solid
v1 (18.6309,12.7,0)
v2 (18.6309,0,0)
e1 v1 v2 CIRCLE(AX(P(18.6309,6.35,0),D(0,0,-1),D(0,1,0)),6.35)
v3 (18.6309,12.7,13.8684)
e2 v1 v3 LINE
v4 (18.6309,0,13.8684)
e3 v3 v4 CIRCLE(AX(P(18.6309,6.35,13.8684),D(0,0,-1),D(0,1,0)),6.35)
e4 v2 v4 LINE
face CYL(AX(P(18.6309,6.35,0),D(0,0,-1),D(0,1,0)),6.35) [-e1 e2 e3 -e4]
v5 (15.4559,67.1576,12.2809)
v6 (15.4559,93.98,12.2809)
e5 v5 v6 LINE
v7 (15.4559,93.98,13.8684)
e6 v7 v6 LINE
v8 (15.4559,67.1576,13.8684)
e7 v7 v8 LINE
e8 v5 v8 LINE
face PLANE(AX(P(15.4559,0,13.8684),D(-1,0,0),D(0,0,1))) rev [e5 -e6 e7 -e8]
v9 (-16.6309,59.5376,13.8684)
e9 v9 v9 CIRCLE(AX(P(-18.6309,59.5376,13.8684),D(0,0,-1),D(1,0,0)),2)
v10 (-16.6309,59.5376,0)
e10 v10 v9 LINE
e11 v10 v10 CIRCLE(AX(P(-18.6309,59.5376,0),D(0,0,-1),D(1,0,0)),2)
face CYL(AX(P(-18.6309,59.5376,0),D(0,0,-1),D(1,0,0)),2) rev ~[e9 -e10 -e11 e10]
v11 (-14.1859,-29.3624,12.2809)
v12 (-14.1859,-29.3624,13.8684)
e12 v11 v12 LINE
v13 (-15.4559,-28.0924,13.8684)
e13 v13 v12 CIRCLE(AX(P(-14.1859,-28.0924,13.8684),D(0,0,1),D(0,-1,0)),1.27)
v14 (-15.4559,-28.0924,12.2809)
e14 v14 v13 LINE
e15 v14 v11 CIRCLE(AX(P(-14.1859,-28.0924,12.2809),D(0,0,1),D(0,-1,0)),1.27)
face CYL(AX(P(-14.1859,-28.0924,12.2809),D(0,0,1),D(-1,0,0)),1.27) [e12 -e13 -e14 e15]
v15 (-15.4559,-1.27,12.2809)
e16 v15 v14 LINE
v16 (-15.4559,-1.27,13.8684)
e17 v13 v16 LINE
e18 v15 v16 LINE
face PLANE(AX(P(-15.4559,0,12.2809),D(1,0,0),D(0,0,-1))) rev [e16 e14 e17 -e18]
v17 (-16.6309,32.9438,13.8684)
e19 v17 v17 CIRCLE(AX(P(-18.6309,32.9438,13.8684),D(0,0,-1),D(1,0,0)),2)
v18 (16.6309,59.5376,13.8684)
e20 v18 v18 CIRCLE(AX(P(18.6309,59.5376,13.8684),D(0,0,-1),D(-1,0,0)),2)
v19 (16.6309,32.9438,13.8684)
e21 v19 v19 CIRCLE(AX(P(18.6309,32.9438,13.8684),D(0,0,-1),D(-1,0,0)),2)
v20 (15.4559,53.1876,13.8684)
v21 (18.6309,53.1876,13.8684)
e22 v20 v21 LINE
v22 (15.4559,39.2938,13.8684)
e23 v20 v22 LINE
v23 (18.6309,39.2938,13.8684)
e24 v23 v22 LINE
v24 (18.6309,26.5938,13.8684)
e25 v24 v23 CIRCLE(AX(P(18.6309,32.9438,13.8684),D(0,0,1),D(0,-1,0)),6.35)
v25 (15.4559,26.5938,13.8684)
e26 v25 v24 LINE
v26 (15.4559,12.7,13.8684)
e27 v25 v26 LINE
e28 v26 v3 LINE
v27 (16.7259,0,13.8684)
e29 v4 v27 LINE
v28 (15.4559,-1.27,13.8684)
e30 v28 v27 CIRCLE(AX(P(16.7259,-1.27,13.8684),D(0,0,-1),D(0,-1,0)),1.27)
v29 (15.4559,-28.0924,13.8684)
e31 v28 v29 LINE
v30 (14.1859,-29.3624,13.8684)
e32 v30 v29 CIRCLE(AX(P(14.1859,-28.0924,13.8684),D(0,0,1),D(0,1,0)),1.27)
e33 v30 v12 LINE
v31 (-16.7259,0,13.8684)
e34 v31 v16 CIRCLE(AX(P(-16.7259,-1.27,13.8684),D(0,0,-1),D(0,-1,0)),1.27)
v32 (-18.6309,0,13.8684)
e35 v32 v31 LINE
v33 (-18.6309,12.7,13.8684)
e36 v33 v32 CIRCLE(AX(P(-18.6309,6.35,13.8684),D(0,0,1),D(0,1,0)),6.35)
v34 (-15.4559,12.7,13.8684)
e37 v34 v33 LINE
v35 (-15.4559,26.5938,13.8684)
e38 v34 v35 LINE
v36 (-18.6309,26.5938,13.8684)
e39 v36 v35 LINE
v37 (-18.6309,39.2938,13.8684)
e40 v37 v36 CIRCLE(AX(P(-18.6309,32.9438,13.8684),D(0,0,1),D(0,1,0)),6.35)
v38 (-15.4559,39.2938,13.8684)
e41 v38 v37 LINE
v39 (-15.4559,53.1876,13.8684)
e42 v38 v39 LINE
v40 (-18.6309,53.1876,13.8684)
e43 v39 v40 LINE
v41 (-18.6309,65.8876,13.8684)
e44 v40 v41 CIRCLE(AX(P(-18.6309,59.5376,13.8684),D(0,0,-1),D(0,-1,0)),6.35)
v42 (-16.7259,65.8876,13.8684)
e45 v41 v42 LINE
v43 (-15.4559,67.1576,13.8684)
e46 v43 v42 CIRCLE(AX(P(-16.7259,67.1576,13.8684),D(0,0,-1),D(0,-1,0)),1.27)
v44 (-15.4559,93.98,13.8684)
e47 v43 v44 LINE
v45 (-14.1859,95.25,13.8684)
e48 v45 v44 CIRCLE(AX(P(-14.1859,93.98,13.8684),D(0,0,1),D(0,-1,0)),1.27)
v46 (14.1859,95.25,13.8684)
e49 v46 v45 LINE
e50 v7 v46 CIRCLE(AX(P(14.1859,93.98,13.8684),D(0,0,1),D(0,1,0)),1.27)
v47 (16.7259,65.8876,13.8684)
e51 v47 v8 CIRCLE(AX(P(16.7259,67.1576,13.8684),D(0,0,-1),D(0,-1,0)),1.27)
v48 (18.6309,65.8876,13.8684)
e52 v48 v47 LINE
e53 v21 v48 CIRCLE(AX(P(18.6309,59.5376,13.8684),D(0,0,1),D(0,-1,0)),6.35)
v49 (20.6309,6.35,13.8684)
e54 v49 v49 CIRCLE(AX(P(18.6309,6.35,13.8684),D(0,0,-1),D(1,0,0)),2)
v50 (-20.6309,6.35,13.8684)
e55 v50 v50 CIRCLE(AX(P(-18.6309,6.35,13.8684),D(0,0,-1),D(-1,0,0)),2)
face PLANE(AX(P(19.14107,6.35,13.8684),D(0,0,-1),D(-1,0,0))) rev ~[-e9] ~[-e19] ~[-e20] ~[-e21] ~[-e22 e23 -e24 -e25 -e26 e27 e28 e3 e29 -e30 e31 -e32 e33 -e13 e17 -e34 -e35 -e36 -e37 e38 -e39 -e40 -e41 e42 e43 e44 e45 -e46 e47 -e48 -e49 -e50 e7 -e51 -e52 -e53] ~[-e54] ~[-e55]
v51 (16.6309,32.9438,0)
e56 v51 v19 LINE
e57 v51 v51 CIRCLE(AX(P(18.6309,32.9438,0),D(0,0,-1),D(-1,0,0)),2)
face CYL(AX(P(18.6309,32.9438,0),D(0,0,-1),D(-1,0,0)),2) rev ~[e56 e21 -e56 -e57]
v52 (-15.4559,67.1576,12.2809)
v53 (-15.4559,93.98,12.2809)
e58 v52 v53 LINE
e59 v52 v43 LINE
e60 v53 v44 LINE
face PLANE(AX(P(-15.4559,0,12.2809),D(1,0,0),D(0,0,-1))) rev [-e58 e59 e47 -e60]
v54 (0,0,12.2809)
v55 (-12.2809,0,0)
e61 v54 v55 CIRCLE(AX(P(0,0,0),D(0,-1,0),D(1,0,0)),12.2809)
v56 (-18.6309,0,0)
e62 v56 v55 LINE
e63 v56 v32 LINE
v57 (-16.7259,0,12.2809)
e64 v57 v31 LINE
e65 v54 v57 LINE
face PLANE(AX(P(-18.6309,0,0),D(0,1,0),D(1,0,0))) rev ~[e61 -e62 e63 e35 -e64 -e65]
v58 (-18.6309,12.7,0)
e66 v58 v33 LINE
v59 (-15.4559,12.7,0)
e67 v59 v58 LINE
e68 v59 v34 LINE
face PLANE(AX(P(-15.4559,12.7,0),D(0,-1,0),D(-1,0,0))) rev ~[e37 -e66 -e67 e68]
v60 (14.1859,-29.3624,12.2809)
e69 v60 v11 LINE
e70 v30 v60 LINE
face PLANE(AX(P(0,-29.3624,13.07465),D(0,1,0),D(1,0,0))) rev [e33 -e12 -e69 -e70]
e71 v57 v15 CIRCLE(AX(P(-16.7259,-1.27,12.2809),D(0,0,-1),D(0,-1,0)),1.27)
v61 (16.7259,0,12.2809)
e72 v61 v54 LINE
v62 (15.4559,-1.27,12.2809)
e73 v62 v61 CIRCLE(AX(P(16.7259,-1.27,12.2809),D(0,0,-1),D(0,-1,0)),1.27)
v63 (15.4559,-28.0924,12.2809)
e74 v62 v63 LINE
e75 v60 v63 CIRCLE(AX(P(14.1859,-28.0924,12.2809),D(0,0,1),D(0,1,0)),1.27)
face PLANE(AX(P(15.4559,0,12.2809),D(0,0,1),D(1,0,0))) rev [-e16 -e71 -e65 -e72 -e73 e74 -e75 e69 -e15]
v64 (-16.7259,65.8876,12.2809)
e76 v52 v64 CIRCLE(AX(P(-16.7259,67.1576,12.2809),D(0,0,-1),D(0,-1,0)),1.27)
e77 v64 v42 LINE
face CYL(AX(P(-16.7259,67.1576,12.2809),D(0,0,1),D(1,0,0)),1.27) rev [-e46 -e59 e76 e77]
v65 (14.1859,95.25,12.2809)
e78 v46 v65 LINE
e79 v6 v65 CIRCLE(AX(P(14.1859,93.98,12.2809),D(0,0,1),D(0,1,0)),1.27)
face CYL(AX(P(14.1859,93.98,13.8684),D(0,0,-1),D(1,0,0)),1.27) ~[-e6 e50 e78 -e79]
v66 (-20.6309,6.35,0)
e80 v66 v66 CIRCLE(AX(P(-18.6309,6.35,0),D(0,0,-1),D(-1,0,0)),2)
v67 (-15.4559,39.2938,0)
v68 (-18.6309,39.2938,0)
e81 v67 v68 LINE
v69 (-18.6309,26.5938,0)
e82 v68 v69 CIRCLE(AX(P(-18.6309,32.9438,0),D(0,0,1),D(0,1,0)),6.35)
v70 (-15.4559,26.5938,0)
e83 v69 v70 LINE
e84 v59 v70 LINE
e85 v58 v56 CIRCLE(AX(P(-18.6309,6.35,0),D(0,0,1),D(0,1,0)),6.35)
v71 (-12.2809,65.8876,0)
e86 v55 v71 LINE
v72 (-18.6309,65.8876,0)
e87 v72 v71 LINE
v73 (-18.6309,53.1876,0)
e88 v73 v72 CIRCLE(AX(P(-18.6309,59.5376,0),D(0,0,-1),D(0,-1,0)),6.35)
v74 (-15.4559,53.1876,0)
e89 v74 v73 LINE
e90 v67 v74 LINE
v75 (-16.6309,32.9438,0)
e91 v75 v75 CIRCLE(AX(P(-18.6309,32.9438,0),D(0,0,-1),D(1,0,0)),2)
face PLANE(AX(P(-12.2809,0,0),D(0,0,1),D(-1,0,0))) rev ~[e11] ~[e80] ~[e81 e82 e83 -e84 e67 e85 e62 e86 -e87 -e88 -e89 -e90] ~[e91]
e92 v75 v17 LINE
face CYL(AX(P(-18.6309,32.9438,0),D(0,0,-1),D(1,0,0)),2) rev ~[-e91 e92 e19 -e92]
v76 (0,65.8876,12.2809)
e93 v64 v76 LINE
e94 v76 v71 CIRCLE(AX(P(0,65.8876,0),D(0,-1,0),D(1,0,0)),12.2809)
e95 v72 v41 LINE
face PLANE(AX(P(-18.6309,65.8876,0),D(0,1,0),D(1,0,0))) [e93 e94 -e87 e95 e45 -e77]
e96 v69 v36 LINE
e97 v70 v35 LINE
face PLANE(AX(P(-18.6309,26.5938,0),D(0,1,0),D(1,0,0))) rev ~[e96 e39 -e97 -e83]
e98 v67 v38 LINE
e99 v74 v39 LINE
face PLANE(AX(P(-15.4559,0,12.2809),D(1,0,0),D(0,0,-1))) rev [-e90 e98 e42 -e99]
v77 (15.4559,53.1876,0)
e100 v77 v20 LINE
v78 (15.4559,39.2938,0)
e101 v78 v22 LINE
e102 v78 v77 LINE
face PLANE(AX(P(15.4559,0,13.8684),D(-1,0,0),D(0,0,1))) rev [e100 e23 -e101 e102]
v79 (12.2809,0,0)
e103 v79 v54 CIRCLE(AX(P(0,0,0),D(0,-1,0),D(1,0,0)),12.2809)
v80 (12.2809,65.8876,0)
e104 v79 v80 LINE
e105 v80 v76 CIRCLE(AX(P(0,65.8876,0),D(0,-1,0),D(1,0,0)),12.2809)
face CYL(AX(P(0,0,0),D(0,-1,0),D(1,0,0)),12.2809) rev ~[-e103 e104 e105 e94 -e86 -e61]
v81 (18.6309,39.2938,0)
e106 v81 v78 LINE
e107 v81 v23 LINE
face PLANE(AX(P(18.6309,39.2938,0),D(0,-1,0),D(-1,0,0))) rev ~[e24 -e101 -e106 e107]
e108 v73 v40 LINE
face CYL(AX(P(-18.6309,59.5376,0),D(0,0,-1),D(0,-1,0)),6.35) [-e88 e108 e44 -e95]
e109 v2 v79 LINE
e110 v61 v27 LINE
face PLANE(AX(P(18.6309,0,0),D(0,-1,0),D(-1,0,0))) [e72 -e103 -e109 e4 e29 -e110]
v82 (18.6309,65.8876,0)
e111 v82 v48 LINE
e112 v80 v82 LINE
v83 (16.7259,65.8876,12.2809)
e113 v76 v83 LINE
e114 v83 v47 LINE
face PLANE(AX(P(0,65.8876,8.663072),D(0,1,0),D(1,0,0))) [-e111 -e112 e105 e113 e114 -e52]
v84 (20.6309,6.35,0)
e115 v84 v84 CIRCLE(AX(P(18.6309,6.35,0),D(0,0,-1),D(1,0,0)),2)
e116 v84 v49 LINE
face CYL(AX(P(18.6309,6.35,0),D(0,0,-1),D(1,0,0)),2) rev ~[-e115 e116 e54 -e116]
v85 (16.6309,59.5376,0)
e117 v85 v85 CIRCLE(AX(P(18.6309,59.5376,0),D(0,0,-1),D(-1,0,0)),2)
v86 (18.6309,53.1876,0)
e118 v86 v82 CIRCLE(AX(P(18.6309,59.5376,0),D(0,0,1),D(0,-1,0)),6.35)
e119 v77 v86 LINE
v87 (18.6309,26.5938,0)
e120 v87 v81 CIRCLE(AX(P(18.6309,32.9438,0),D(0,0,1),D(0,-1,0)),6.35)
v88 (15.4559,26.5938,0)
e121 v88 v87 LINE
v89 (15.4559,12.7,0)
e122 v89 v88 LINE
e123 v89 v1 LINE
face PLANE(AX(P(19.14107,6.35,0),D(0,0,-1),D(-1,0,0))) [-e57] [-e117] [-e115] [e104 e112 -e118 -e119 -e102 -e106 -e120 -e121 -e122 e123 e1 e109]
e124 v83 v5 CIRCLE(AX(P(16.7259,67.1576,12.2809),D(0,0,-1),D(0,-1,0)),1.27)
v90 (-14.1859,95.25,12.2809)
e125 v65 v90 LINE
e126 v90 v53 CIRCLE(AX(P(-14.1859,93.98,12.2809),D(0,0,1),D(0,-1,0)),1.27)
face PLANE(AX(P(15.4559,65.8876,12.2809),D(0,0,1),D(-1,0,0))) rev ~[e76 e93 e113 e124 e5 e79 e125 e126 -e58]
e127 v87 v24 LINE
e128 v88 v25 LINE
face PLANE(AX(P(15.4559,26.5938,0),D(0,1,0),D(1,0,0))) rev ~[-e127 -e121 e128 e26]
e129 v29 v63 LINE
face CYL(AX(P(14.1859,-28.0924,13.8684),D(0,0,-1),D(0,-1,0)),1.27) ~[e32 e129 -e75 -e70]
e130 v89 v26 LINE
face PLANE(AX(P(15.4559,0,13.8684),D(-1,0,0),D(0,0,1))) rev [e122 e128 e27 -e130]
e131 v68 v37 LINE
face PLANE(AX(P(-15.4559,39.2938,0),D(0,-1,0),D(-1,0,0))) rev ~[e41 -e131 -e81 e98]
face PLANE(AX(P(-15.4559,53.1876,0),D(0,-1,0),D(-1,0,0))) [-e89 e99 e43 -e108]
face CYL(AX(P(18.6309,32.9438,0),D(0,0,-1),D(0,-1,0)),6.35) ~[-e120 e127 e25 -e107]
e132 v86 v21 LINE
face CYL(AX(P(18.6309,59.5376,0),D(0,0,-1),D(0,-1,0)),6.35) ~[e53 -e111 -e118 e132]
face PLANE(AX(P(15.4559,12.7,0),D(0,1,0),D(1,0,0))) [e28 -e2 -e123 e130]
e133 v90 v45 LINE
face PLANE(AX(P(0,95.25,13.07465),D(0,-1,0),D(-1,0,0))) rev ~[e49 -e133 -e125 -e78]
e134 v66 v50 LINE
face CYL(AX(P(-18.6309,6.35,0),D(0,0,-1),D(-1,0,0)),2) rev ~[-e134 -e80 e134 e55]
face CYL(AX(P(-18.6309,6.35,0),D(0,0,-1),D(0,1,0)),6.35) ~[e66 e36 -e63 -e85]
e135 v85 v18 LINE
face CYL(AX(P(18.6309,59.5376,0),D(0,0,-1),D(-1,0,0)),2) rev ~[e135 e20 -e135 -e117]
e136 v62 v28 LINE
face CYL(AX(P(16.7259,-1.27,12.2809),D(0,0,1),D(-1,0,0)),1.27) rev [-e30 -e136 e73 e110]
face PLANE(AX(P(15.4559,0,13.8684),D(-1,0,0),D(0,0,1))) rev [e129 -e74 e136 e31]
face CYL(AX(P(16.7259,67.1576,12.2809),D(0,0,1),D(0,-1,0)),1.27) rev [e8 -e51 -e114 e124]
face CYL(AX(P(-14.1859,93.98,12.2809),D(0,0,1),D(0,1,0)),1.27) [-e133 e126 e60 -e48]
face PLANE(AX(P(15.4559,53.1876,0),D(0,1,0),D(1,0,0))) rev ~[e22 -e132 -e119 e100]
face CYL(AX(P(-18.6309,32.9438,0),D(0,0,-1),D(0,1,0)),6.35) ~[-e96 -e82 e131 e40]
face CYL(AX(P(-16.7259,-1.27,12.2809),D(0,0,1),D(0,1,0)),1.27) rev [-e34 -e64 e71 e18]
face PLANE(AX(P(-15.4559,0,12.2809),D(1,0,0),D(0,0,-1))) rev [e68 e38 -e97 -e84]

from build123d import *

# Parameters (mm, degrees)
BOSS_EXTRUDE1_DEPTH = 65.8876
BOSS_EXTRUDE2_DEPTH = 29.3624
SKETCH4_R           = 2
BOSS_EXTRUDE3_DEPTH = 13.8684
FILLET1_R           = 1.27


with BuildPart() as part:
    # Sketch1 → Boss-Extrude1 (new body)
    with BuildSketch(Plane(origin=(0, 0, 0), x_dir=(1, 0, 0), z_dir=(0, 1, 0))):
        with BuildLine():
            Line((-12.2809, 0), (-15.4559, 0))
            Line((-15.4559, 0), (-15.4559, -13.3604))
            Line((-15.4559, -13.3604), (-15.4559, -13.8684))
            Line((-15.4559, -13.8684), (0, -13.8684))
            Line((0, -13.8684), (15.4559, -13.8684))
            Line((15.4559, -13.8684), (15.4559, -13.3604))
            Line((15.4559, -13.3604), (15.4559, 0))
            Line((15.4559, 0), (12.2809, 0))
            ThreePointArc((12.2809, 0), (0, -12.2809), (-12.2809, 0))
        make_face()
    extrude(amount=BOSS_EXTRUDE1_DEPTH)

    # Sketch2 → Boss-Extrude2 (add)
    with BuildSketch(Plane(origin=(0, 65.8876, 0), x_dir=(1, 0, 0), z_dir=(0, 1, 0))):
        Polygon((-12.2809, -12.2809), (0, -12.2809), (12.2809, -12.2809), (15.4559, -12.2809), (15.4559, -13.3604), (15.4559, -13.8684), (-15.4559, -13.8684), (-15.4559, -13.3604), (-15.4559, -12.2809), align=None)
    boss_extrude2 = extrude(amount=BOSS_EXTRUDE2_DEPTH)

    # Mirror1: Boss-Extrude2 across plane
    add(boss_extrude2.mirror(Plane.ZX.offset(32.9438)))

    # Sketch4 → Boss-Extrude3 (add, through all)
    # profile 1 of 6: a face of its own
    with BuildSketch(Plane(origin=(0, 0, 0), x_dir=(-1, 0, 0), z_dir=(0, 0, -1))):
        with BuildLine():
            Line((-15.4559, 39.2938), (-15.4559, 26.5938))
            Line((-15.4559, 26.5938), (-18.6309, 26.5938))
            ThreePointArc((-18.6309, 26.5938), (-24.9809, 32.9438), (-18.6309, 39.2938))
            Line((-18.6309, 39.2938), (-15.4559, 39.2938))
        make_face()
        with Locations((-18.6309, 32.9438)):
            Circle(SKETCH4_R, mode=Mode.SUBTRACT)
    # profile 2 of 6: a face of its own
    with BuildSketch(Plane(origin=(0, 0, 0), x_dir=(-1, 0, 0), z_dir=(0, 0, -1))):
        with BuildLine():
            Line((-15.4559, 12.7), (-18.6309, 12.7))
            ThreePointArc((-18.6309, 12.7), (-24.9809, 6.35), (-18.6309, 0))
            Line((-18.6309, 0), (-15.4559, 0))
            Line((-15.4559, 0), (-15.4559, 12.7))
        make_face()
        with Locations(Location((-18.6309, 6.35, 0), (0, 0, 180))):
            Circle(SKETCH4_R, mode=Mode.SUBTRACT)
    # profile 3 of 6: a face of its own
    with BuildSketch(Plane(origin=(0, 0, 0), x_dir=(-1, 0, 0), z_dir=(0, 0, -1))):
        with BuildLine():
            Line((-18.6309, 65.8876), (-15.4559, 65.8876))
            Line((-15.4559, 65.8876), (-15.4559, 53.1876))
            Line((-15.4559, 53.1876), (-18.6309, 53.1876))
            ThreePointArc((-18.6309, 53.1876), (-24.9809, 59.5376), (-18.6309, 65.8876))
        make_face()
        with Locations((-18.6309, 59.5376)):
            Circle(SKETCH4_R, mode=Mode.SUBTRACT)
    # profile 4 of 6: a face of its own
    with BuildSketch(Plane(origin=(0, 0, 0), x_dir=(-1, 0, 0), z_dir=(0, 0, -1))):
        with BuildLine():
            Line((18.6309, 0), (15.4559, 0))
            Line((15.4559, 0), (15.4559, 12.7))
            Line((15.4559, 12.7), (18.6309, 12.7))
            ThreePointArc((18.6309, 12.7), (24.9809, 6.35), (18.6309, 0))
        make_face()
        with Locations((18.6309, 6.35)):
            Circle(SKETCH4_R, mode=Mode.SUBTRACT)
    # profile 5 of 6: a face of its own
    with BuildSketch(Plane(origin=(0, 0, 0), x_dir=(-1, 0, 0), z_dir=(0, 0, -1))):
        with BuildLine():
            Line((15.4559, 53.1876), (18.6309, 53.1876))
            ThreePointArc((18.6309, 53.1876), (24.9809, 59.5376), (18.6309, 65.8876))
            Line((18.6309, 65.8876), (15.4559, 65.8876))
            Line((15.4559, 65.8876), (15.4559, 53.1876))
        make_face()
        with Locations(Location((18.6309, 59.5376, 0), (0, 0, 180))):
            Circle(SKETCH4_R, mode=Mode.SUBTRACT)
    # profile 6 of 6: a face of its own
    with BuildSketch(Plane(origin=(0, 0, 0), x_dir=(-1, 0, 0), z_dir=(0, 0, -1))):
        with BuildLine():
            Line((18.6309, 26.5938), (15.4559, 26.5938))
            Line((15.4559, 26.5938), (15.4559, 39.2938))
            Line((15.4559, 39.2938), (18.6309, 39.2938))
            ThreePointArc((18.6309, 39.2938), (24.9809, 32.9438), (18.6309, 26.5938))
        make_face()
        with Locations(Location((18.6309, 32.9438, 0), (0, 0, 180))):
            Circle(SKETCH4_R, mode=Mode.SUBTRACT)
    extrude(amount=-BOSS_EXTRUDE3_DEPTH)

    # Fillet1
    fillet1_edges = [part.edges().sort_by_distance(p)[0] for p in [
        (-15.4559, 65.8876, 13.07465),
        (-15.4559, 0, 13.07465),
        (15.4559, 95.25, 13.07465),
        (-15.4559, 95.25, 13.07465),
        (-15.4559, -29.3624, 13.07465),
        (15.4559, -29.3624, 13.07465),
        (15.4559, 65.8876, 13.07465),
        (15.4559, 0, 13.07465),
    ]]
    fillet(fillet1_edges, radius=FILLET1_R)


solid = part.part
